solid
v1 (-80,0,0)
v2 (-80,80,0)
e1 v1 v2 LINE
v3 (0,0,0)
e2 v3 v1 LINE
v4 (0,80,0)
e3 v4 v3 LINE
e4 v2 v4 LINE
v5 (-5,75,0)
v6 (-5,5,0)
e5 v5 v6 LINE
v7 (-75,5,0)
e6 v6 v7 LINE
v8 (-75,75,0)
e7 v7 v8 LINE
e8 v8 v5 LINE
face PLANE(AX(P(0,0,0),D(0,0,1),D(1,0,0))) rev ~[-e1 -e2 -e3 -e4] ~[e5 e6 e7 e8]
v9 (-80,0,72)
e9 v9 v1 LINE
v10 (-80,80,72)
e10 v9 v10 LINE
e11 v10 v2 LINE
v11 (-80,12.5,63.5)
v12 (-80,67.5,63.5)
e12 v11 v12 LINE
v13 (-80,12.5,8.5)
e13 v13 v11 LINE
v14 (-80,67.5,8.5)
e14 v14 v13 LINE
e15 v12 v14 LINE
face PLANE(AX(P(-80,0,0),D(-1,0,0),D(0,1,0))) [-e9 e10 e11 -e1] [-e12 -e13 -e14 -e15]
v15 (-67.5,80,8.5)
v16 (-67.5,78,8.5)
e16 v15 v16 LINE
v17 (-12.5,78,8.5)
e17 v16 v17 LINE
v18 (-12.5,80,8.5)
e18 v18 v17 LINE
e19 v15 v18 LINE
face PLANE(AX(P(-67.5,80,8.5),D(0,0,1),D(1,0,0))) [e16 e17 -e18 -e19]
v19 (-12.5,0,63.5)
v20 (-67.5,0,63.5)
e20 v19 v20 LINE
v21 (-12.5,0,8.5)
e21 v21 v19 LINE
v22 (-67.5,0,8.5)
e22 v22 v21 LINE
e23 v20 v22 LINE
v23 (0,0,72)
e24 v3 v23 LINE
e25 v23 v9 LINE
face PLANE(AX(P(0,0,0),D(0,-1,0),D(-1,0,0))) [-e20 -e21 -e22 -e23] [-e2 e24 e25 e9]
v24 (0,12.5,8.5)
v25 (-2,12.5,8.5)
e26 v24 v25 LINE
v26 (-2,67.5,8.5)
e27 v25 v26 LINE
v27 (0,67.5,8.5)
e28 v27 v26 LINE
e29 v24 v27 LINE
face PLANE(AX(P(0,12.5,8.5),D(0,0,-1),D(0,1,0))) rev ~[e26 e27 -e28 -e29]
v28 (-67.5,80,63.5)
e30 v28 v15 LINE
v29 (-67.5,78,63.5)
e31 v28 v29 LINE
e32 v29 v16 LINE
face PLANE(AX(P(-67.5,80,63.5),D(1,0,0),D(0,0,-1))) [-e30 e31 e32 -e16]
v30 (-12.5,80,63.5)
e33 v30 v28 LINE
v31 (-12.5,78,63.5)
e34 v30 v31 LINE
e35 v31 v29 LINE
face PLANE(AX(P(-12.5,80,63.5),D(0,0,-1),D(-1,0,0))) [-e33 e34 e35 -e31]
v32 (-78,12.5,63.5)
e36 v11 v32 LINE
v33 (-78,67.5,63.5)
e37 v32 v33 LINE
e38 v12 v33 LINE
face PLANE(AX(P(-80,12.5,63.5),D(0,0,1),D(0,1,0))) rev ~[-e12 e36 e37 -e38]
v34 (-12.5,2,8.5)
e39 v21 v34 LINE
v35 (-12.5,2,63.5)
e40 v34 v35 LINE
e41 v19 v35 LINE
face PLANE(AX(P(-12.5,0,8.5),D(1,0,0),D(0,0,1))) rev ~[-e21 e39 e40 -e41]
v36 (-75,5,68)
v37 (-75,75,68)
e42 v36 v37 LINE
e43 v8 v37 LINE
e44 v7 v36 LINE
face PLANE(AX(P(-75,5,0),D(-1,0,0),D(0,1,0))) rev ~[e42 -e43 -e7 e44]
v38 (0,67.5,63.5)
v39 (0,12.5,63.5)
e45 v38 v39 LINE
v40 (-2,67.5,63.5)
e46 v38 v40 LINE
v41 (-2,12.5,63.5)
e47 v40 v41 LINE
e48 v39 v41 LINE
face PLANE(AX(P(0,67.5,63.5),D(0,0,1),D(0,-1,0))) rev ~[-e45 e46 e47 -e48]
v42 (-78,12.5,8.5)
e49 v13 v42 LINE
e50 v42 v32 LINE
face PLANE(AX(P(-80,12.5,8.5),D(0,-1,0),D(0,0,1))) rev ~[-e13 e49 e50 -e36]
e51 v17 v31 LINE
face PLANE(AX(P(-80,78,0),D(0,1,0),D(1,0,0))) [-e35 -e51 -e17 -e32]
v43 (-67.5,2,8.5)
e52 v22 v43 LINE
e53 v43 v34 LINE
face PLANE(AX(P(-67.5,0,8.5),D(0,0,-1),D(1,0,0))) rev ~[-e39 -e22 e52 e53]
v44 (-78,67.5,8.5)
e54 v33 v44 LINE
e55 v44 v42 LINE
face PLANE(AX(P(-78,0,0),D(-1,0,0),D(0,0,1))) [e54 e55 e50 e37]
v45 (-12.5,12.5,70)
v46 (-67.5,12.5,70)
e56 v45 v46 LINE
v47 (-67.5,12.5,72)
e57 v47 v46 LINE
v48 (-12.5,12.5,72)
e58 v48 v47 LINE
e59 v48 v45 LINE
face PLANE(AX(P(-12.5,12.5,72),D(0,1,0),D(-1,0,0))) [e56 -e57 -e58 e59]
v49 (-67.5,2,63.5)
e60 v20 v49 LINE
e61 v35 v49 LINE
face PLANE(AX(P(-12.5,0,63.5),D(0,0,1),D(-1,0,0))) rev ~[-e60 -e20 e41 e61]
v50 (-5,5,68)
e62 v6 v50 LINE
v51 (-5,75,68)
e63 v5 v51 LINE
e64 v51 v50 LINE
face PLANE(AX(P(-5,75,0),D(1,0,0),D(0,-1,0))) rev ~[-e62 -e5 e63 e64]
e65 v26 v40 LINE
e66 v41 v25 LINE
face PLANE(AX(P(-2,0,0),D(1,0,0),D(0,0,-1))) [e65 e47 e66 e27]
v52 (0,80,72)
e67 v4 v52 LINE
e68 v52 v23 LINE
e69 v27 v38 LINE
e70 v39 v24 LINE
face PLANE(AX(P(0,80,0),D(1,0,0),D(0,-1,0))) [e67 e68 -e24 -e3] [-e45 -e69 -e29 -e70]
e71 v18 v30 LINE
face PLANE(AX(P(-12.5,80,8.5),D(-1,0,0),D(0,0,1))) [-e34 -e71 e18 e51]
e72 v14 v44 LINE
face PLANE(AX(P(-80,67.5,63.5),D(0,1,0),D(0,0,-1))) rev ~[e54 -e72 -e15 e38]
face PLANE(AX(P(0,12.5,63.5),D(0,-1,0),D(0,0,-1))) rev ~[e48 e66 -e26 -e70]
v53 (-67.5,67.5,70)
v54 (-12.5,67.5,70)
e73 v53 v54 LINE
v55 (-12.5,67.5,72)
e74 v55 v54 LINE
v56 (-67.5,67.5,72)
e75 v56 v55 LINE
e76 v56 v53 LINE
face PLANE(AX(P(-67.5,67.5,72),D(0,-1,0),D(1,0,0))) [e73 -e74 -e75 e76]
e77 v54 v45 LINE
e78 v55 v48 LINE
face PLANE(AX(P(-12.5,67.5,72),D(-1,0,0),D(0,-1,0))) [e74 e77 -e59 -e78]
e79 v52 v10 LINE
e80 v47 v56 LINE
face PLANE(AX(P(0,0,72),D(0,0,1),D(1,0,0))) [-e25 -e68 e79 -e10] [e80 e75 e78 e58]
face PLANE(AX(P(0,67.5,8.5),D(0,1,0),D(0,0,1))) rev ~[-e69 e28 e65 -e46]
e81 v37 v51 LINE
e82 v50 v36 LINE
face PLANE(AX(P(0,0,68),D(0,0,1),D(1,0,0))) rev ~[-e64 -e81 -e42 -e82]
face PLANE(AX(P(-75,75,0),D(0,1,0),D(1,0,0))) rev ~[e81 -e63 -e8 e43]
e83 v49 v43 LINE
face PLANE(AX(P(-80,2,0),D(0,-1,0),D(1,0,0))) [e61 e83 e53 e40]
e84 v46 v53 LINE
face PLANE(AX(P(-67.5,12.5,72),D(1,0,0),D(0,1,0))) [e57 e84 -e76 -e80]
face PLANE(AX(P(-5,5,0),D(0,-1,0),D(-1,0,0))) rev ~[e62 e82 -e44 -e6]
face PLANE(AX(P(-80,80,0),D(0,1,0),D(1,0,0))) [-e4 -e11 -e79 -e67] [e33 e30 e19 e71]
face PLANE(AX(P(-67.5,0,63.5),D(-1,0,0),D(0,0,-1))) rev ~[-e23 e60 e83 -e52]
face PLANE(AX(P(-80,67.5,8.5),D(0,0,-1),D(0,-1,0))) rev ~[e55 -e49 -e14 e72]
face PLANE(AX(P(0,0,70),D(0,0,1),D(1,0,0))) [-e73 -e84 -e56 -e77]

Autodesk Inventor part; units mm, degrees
ref_plane "YZ Plane" through (0, 0, 0) normal (1, 0, 0) x (0, 1, 0)
ref_plane "XZ Plane" through (0, 0, 0) normal (0, 1, 0) x (-1, 0, 0)
ref_plane "XY Plane" through (0, 0, 0) normal (0, 0, 1) x (1, 0, 0)
sketch "Sketch3" plane through (0, 0, 0) normal (0, 0, 1) x (1, 0, 0)
  line L0 (0, 0) -> (-80, 0)
  line L1 (-80, 0) -> (-80, 80)
  line L2 (-80, 80) -> (0, 80)
  line L3 (0, 80) -> (0, 0)
  line L4 (-75, 75) -> (-5, 75)
  line L5 (-5, 75) -> (-5, 5)
  line L6 (-5, 5) -> (-75, 5)
  line L7 (-75, 5) -> (-75, 75)
  dimension "d129" = 80
  dimension "d130" = 80
  dimension "d131" = 70
  dimension "d132" = 70
extrude "Extrusion19" add sketch "Sketch3" along normal blind 68
sketch "Sketch18" plane through (0, 0, 68) normal (0, 0, 1) x (1, 0, 0)
  line L0 (0, 80) -> (-80, 80) projected
  line L1 (0, 0) -> (-80, 0)
  line L2 (-80, 0) -> (-80, 80)
  line L3 (-80, 80) -> (0, 80)
  line L4 (0, 80) -> (0, 0)
  dimension "d135" = 80
  dimension "d136" = 80
extrude "Extrusion20" add sketch "Sketch18" along normal blind 4
sketch "Sketch20" plane through (0, 0, 72) normal (0, 0, 1) x (1, 0, 0)
  line L0 (-67.5, 67.5) -> (-12.5, 67.5)
  line L1 (-12.5, 67.5) -> (-12.5, 12.5)
  line L2 (-12.5, 12.5) -> (-67.5, 12.5)
  line L3 (-67.5, 12.5) -> (-67.5, 67.5)
  point P0 (0, 0)
  dimension "d139" = 55
  dimension "d140" = 55
extrude "Extrusion21" cut sketch "Sketch20" against normal blind 2
sketch "Sketch21" plane through (0, 0, 0) normal (1, 0, 0) x (0, 0, -1)
  line L0 (-63.5, 12.5) -> (-8.5, 12.5)
  line L1 (-8.5, 12.5) -> (-8.5, 67.5)
  line L2 (-8.5, 67.5) -> (-63.5, 67.5)
  line L3 (-63.5, 67.5) -> (-63.5, 12.5)
  point P0 (0, 0)
  dimension "d143" = 55
  dimension "d144" = 55
sketch "Sketch22" plane through (-80, 0, 0) normal (-1, 0, 0) x (0, 0, 1)
  line L0 (8.5, 12.5) -> (63.5, 12.5)
  line L1 (63.5, 12.5) -> (63.5, 67.5)
  line L2 (63.5, 67.5) -> (8.5, 67.5)
  line L3 (8.5, 67.5) -> (8.5, 12.5)
  point P0 (0, 0)
  dimension "d145" = 55
  dimension "d146" = 55
sketch "Sketch23" plane through (-80, 0, 0) normal (0, -1, 0) x (1, 0, 0)
  line L0 (12.5, 8.5) -> (67.5, 8.5)
  line L1 (67.5, 8.5) -> (67.5, 63.5)
  line L2 (67.5, 63.5) -> (12.5, 63.5)
  line L3 (12.5, 63.5) -> (12.5, 8.5)
  point P0 (80, 0)
  dimension "d147" = 55
  dimension "d148" = 55
sketch "Sketch24" plane through (-80, 80, 0) normal (0, 1, 0) x (1, 0, 0)
  line L0 (12.5, -8.5) -> (67.5, -8.5)
  line L1 (67.5, -8.5) -> (67.5, -63.5)
  line L2 (67.5, -63.5) -> (12.5, -63.5)
  line L3 (12.5, -63.5) -> (12.5, -8.5)
  point P0 (80, 0)
  dimension "d149" = 55
  dimension "d150" = 55
extrude "Extrusion22" cut sketch "Sketch21" against normal blind 2
extrude "Extrusion23" cut sketch "Sketch24" against normal blind 2
extrude "Extrusion24" cut sketch "Sketch23" against normal blind 2
extrude "Extrusion25" cut sketch "Sketch22" against normal blind 2
sketch "Sketch25" plane through (-80, 0, 0) normal (0, -1, 0) x (1, 0, 0)
  line L0 (80, 0) -> (0, 0) projected
  line L1 (0, 0) -> (10.6, 0)
  line L2 (10.6, 0) -> (10.6, 5.6)
  line L3 (10.6, 5.6) -> (0, 5.6)
  line L4 (0, 5.6) -> (0, 0)
  line L5 (80, 0) -> (69.4, 0)
  line L6 (69.4, 0) -> (69.4, 5.6)
  line L7 (69.4, 5.6) -> (80, 5.6)
  line L8 (80, 5.6) -> (80, 0)
  dimension "d159" = 10.6
  dimension "d160" = 5.6
  dimension "d161" = 10.6
  dimension "d162" = 5.6
properties part number "End-Effector"
